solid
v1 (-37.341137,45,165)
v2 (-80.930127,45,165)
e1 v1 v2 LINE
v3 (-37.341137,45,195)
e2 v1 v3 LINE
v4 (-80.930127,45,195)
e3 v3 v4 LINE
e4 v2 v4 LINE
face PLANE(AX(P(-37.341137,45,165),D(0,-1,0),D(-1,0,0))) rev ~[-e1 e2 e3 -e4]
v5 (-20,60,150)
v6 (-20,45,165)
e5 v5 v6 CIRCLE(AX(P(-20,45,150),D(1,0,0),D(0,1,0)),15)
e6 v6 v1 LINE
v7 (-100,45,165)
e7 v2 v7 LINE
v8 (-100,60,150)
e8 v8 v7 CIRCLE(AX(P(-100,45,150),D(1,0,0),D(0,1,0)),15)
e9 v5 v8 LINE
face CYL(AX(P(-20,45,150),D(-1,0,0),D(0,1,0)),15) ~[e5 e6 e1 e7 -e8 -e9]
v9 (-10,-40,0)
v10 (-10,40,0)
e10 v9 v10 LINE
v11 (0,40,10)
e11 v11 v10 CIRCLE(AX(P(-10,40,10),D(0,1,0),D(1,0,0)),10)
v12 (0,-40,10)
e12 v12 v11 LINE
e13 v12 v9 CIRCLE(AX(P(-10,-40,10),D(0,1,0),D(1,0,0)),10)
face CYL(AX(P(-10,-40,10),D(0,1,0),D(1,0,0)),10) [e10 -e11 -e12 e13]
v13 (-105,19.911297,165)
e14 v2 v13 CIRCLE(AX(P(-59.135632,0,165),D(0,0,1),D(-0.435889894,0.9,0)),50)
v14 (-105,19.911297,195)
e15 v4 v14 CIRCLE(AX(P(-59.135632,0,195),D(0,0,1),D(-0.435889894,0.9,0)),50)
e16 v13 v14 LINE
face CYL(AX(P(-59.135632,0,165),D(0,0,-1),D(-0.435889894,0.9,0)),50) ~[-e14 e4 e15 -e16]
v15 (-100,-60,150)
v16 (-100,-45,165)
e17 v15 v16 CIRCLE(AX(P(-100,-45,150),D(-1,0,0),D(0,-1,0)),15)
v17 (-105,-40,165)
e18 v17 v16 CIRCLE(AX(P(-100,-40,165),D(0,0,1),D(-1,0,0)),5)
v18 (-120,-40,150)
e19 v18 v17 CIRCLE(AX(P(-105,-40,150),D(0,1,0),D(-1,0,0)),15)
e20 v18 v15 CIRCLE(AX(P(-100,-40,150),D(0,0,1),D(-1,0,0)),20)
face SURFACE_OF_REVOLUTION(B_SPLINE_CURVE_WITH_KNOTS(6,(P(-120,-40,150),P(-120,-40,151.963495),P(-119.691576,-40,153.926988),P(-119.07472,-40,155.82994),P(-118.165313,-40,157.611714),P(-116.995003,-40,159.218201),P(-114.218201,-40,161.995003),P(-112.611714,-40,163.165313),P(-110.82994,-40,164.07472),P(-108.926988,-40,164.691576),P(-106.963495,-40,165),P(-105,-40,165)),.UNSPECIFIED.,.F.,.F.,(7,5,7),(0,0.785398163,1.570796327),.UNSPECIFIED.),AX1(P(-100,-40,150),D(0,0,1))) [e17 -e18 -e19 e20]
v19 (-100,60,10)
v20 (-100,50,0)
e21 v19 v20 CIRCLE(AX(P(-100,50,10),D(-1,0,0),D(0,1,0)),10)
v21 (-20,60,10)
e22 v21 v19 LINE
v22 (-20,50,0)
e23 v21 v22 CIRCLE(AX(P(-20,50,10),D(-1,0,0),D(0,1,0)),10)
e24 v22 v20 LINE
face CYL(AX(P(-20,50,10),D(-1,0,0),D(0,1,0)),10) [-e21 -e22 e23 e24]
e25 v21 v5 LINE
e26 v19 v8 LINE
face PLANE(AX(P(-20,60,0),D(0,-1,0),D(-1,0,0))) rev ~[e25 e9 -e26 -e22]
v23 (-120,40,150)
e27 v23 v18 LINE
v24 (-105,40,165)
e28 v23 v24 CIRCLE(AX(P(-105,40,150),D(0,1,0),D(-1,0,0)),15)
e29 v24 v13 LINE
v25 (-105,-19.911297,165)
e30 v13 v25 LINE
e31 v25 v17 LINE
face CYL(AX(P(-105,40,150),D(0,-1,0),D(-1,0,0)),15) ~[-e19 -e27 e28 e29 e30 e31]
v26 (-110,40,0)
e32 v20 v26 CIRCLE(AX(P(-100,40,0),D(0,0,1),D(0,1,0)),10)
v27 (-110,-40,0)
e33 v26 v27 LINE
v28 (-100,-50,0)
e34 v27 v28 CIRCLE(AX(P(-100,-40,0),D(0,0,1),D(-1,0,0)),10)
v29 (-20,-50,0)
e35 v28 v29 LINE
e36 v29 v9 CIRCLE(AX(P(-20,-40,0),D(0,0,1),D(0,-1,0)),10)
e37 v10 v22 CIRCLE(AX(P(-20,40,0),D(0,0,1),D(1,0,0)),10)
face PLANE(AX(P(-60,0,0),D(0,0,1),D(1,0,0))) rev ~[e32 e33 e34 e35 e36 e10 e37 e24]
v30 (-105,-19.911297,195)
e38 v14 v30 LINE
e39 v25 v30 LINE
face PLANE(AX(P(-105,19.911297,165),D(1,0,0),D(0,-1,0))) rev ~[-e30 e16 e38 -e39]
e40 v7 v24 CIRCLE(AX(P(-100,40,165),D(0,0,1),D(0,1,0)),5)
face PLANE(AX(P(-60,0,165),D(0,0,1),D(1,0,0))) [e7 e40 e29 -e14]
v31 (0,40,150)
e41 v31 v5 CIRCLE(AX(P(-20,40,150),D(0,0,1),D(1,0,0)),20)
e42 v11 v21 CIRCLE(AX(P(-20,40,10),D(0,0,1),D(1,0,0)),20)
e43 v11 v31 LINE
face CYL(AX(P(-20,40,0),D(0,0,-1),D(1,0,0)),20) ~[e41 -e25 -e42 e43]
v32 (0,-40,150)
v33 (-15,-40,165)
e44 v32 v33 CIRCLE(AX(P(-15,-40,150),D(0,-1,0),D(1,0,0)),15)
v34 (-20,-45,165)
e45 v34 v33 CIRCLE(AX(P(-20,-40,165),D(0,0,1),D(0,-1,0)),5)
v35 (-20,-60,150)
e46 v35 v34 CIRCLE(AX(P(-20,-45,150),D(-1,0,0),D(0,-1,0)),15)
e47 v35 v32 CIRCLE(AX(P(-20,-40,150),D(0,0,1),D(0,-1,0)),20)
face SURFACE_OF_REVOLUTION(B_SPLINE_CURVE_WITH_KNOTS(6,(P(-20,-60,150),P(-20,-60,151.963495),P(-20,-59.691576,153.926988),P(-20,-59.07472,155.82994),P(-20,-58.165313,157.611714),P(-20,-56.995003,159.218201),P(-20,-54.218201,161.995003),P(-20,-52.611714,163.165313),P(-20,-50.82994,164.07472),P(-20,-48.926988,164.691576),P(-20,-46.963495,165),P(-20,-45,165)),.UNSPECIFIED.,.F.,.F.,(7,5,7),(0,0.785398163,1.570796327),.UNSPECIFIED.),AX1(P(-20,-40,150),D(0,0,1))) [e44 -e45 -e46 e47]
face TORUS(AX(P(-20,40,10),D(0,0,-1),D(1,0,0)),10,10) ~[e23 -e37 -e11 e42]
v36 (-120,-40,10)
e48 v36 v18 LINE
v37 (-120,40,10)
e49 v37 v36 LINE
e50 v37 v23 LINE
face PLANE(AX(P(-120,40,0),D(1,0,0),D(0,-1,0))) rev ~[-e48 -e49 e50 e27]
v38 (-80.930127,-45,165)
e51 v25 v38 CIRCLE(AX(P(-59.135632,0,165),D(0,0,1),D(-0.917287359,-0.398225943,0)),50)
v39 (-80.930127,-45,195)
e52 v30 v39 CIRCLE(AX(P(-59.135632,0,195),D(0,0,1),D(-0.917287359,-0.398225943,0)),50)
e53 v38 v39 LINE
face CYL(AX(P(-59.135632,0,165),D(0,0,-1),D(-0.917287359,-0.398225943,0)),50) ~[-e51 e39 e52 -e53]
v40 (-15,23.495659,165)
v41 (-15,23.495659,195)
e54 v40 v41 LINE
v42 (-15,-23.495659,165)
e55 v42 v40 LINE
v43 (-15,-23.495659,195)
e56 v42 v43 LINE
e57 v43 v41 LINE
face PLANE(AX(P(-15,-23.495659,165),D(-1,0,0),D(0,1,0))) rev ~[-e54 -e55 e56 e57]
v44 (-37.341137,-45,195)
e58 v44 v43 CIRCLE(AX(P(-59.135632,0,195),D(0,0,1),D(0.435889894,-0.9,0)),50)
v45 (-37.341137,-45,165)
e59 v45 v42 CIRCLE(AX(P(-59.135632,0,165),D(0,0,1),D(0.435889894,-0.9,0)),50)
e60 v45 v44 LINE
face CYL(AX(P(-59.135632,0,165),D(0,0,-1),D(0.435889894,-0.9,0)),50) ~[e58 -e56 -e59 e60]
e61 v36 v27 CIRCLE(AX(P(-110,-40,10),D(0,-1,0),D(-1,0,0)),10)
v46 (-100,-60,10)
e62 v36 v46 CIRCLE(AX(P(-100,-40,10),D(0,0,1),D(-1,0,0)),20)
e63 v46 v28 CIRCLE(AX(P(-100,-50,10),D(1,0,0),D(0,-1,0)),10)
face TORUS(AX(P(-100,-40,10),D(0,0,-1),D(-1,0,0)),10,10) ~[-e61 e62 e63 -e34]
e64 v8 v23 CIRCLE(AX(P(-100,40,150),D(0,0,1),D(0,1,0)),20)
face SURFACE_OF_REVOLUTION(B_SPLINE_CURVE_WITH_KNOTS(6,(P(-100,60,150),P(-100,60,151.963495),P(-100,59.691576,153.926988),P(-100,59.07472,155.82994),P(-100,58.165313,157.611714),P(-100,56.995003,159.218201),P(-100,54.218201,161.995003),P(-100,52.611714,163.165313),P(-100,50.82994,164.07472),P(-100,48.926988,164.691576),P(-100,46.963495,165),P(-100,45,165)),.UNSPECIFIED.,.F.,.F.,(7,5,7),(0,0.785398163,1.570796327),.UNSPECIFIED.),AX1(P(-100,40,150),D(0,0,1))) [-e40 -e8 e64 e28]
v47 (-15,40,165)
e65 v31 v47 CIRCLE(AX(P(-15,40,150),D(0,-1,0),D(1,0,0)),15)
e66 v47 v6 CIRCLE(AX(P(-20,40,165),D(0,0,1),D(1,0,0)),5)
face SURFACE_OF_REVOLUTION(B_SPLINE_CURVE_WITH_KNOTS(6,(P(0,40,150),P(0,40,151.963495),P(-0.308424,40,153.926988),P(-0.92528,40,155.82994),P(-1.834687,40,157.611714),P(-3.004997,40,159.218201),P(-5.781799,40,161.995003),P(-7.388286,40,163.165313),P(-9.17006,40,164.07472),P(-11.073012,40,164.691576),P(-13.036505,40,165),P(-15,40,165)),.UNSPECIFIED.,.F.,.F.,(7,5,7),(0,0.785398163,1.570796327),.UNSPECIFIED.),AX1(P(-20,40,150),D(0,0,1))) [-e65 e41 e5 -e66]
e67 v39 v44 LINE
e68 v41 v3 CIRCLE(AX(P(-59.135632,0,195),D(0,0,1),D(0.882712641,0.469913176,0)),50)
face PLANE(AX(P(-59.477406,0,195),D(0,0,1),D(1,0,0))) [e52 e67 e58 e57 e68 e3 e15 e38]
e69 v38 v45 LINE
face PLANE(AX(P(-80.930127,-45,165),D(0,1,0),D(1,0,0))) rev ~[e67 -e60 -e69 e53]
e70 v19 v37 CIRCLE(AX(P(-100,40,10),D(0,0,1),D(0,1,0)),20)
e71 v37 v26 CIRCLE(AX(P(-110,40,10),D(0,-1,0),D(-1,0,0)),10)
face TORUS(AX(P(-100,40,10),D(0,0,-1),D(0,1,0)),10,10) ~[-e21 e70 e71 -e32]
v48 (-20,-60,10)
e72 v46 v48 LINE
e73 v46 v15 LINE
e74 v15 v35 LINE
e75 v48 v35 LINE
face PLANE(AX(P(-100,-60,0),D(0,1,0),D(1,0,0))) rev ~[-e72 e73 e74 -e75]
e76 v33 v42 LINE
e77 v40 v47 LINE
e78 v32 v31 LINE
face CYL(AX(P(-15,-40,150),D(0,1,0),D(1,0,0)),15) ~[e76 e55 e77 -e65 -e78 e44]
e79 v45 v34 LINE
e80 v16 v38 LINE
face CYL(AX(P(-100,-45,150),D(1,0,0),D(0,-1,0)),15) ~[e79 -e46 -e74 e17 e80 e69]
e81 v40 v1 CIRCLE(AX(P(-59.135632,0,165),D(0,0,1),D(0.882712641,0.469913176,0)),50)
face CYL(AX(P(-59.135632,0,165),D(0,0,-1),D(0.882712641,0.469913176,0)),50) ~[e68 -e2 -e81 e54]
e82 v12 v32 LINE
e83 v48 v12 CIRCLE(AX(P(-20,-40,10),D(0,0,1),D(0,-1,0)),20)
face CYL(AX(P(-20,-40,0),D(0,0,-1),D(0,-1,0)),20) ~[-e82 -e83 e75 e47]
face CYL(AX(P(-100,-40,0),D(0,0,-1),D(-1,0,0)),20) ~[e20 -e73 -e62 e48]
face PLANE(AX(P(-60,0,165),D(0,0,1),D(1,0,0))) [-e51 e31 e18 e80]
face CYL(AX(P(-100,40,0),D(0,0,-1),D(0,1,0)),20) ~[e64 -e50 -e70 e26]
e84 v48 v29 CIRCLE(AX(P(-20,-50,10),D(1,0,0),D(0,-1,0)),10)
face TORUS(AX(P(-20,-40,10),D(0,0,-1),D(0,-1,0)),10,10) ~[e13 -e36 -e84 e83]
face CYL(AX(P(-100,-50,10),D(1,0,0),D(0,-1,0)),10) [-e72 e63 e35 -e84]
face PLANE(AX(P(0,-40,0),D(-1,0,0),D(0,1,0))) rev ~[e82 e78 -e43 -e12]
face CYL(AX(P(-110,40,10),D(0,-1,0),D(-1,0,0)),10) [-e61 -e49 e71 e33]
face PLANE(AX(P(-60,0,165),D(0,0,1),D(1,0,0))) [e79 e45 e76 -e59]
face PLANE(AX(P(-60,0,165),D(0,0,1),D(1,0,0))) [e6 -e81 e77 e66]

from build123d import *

# Parameters (mm, degrees)
F1_DEPTH = 165
F2_R     = 10
F3_R     = 15
F5_DEPTH = 30


with BuildPart() as f1:
    # F0 (on Top) → F1 (new body)
    with BuildSketch(Plane.XY):
        with BuildLine():
            Line((-20, 60), (-100, 60))
            ThreePointArc((-100, 60), (-114.1421356237, 54.1421356237), (-120, 40))
            Line((-120, 40), (-120, -40))
            ThreePointArc((-120, -40), (-114.1421356237, -54.1421356237), (-100, -60))
            Line((-100, -60), (-20, -60))
            ThreePointArc((-20, -60), (-5.8578643763, -54.1421356237), (0, -40))
            Line((0, -40), (0, 40))
            ThreePointArc((0, 40), (-5.8578643763, 54.1421356237), (-20, 60))
        make_face()
    extrude(amount=F1_DEPTH)

    # F2
    f2_edges = [f1.edges().sort_by_distance(p)[0] for p in [
        (-60, -60, 0),
        (-114.142136, -54.142136, 0),
        (-5.857864, -54.142136, 0),
    ]]
    fillet(f2_edges, radius=F2_R)

    # F3
    f3_edges = [f1.edges().sort_by_distance(p)[0] for p in [
        (-60, 60, 165),
    ]]
    fillet(f3_edges, radius=F3_R)

    # F4 (on face) → F5 (join)
    with BuildSketch(Plane.XY.offset(165)):
        with BuildLine():
            Line((-15, -23.4956587879), (-15, 23.4956587879))
            ThreePointArc((-15, 23.4956587879), (-24.4613681652, 36.0235398418), (-37.3411373512, 45))
            Line((-37.3411373512, 45), (-80.9301267866, 45))
            ThreePointArc((-80.9301267866, 45), (-95.2159754206, 34.6151530926), (-105, 19.9112971522))
            Line((-105, 19.9112971522), (-105, -19.9112971522))
            ThreePointArc((-105, -19.9112971522), (-95.2159754206, -34.6151530926), (-80.9301267866, -45))
            Line((-80.9301267866, -45), (-37.3411373512, -45))
            ThreePointArc((-37.3411373512, -45), (-24.4613681652, -36.0235398418), (-15, -23.4956587879))
        make_face()
    extrude(amount=F5_DEPTH)


solid = f1.part
